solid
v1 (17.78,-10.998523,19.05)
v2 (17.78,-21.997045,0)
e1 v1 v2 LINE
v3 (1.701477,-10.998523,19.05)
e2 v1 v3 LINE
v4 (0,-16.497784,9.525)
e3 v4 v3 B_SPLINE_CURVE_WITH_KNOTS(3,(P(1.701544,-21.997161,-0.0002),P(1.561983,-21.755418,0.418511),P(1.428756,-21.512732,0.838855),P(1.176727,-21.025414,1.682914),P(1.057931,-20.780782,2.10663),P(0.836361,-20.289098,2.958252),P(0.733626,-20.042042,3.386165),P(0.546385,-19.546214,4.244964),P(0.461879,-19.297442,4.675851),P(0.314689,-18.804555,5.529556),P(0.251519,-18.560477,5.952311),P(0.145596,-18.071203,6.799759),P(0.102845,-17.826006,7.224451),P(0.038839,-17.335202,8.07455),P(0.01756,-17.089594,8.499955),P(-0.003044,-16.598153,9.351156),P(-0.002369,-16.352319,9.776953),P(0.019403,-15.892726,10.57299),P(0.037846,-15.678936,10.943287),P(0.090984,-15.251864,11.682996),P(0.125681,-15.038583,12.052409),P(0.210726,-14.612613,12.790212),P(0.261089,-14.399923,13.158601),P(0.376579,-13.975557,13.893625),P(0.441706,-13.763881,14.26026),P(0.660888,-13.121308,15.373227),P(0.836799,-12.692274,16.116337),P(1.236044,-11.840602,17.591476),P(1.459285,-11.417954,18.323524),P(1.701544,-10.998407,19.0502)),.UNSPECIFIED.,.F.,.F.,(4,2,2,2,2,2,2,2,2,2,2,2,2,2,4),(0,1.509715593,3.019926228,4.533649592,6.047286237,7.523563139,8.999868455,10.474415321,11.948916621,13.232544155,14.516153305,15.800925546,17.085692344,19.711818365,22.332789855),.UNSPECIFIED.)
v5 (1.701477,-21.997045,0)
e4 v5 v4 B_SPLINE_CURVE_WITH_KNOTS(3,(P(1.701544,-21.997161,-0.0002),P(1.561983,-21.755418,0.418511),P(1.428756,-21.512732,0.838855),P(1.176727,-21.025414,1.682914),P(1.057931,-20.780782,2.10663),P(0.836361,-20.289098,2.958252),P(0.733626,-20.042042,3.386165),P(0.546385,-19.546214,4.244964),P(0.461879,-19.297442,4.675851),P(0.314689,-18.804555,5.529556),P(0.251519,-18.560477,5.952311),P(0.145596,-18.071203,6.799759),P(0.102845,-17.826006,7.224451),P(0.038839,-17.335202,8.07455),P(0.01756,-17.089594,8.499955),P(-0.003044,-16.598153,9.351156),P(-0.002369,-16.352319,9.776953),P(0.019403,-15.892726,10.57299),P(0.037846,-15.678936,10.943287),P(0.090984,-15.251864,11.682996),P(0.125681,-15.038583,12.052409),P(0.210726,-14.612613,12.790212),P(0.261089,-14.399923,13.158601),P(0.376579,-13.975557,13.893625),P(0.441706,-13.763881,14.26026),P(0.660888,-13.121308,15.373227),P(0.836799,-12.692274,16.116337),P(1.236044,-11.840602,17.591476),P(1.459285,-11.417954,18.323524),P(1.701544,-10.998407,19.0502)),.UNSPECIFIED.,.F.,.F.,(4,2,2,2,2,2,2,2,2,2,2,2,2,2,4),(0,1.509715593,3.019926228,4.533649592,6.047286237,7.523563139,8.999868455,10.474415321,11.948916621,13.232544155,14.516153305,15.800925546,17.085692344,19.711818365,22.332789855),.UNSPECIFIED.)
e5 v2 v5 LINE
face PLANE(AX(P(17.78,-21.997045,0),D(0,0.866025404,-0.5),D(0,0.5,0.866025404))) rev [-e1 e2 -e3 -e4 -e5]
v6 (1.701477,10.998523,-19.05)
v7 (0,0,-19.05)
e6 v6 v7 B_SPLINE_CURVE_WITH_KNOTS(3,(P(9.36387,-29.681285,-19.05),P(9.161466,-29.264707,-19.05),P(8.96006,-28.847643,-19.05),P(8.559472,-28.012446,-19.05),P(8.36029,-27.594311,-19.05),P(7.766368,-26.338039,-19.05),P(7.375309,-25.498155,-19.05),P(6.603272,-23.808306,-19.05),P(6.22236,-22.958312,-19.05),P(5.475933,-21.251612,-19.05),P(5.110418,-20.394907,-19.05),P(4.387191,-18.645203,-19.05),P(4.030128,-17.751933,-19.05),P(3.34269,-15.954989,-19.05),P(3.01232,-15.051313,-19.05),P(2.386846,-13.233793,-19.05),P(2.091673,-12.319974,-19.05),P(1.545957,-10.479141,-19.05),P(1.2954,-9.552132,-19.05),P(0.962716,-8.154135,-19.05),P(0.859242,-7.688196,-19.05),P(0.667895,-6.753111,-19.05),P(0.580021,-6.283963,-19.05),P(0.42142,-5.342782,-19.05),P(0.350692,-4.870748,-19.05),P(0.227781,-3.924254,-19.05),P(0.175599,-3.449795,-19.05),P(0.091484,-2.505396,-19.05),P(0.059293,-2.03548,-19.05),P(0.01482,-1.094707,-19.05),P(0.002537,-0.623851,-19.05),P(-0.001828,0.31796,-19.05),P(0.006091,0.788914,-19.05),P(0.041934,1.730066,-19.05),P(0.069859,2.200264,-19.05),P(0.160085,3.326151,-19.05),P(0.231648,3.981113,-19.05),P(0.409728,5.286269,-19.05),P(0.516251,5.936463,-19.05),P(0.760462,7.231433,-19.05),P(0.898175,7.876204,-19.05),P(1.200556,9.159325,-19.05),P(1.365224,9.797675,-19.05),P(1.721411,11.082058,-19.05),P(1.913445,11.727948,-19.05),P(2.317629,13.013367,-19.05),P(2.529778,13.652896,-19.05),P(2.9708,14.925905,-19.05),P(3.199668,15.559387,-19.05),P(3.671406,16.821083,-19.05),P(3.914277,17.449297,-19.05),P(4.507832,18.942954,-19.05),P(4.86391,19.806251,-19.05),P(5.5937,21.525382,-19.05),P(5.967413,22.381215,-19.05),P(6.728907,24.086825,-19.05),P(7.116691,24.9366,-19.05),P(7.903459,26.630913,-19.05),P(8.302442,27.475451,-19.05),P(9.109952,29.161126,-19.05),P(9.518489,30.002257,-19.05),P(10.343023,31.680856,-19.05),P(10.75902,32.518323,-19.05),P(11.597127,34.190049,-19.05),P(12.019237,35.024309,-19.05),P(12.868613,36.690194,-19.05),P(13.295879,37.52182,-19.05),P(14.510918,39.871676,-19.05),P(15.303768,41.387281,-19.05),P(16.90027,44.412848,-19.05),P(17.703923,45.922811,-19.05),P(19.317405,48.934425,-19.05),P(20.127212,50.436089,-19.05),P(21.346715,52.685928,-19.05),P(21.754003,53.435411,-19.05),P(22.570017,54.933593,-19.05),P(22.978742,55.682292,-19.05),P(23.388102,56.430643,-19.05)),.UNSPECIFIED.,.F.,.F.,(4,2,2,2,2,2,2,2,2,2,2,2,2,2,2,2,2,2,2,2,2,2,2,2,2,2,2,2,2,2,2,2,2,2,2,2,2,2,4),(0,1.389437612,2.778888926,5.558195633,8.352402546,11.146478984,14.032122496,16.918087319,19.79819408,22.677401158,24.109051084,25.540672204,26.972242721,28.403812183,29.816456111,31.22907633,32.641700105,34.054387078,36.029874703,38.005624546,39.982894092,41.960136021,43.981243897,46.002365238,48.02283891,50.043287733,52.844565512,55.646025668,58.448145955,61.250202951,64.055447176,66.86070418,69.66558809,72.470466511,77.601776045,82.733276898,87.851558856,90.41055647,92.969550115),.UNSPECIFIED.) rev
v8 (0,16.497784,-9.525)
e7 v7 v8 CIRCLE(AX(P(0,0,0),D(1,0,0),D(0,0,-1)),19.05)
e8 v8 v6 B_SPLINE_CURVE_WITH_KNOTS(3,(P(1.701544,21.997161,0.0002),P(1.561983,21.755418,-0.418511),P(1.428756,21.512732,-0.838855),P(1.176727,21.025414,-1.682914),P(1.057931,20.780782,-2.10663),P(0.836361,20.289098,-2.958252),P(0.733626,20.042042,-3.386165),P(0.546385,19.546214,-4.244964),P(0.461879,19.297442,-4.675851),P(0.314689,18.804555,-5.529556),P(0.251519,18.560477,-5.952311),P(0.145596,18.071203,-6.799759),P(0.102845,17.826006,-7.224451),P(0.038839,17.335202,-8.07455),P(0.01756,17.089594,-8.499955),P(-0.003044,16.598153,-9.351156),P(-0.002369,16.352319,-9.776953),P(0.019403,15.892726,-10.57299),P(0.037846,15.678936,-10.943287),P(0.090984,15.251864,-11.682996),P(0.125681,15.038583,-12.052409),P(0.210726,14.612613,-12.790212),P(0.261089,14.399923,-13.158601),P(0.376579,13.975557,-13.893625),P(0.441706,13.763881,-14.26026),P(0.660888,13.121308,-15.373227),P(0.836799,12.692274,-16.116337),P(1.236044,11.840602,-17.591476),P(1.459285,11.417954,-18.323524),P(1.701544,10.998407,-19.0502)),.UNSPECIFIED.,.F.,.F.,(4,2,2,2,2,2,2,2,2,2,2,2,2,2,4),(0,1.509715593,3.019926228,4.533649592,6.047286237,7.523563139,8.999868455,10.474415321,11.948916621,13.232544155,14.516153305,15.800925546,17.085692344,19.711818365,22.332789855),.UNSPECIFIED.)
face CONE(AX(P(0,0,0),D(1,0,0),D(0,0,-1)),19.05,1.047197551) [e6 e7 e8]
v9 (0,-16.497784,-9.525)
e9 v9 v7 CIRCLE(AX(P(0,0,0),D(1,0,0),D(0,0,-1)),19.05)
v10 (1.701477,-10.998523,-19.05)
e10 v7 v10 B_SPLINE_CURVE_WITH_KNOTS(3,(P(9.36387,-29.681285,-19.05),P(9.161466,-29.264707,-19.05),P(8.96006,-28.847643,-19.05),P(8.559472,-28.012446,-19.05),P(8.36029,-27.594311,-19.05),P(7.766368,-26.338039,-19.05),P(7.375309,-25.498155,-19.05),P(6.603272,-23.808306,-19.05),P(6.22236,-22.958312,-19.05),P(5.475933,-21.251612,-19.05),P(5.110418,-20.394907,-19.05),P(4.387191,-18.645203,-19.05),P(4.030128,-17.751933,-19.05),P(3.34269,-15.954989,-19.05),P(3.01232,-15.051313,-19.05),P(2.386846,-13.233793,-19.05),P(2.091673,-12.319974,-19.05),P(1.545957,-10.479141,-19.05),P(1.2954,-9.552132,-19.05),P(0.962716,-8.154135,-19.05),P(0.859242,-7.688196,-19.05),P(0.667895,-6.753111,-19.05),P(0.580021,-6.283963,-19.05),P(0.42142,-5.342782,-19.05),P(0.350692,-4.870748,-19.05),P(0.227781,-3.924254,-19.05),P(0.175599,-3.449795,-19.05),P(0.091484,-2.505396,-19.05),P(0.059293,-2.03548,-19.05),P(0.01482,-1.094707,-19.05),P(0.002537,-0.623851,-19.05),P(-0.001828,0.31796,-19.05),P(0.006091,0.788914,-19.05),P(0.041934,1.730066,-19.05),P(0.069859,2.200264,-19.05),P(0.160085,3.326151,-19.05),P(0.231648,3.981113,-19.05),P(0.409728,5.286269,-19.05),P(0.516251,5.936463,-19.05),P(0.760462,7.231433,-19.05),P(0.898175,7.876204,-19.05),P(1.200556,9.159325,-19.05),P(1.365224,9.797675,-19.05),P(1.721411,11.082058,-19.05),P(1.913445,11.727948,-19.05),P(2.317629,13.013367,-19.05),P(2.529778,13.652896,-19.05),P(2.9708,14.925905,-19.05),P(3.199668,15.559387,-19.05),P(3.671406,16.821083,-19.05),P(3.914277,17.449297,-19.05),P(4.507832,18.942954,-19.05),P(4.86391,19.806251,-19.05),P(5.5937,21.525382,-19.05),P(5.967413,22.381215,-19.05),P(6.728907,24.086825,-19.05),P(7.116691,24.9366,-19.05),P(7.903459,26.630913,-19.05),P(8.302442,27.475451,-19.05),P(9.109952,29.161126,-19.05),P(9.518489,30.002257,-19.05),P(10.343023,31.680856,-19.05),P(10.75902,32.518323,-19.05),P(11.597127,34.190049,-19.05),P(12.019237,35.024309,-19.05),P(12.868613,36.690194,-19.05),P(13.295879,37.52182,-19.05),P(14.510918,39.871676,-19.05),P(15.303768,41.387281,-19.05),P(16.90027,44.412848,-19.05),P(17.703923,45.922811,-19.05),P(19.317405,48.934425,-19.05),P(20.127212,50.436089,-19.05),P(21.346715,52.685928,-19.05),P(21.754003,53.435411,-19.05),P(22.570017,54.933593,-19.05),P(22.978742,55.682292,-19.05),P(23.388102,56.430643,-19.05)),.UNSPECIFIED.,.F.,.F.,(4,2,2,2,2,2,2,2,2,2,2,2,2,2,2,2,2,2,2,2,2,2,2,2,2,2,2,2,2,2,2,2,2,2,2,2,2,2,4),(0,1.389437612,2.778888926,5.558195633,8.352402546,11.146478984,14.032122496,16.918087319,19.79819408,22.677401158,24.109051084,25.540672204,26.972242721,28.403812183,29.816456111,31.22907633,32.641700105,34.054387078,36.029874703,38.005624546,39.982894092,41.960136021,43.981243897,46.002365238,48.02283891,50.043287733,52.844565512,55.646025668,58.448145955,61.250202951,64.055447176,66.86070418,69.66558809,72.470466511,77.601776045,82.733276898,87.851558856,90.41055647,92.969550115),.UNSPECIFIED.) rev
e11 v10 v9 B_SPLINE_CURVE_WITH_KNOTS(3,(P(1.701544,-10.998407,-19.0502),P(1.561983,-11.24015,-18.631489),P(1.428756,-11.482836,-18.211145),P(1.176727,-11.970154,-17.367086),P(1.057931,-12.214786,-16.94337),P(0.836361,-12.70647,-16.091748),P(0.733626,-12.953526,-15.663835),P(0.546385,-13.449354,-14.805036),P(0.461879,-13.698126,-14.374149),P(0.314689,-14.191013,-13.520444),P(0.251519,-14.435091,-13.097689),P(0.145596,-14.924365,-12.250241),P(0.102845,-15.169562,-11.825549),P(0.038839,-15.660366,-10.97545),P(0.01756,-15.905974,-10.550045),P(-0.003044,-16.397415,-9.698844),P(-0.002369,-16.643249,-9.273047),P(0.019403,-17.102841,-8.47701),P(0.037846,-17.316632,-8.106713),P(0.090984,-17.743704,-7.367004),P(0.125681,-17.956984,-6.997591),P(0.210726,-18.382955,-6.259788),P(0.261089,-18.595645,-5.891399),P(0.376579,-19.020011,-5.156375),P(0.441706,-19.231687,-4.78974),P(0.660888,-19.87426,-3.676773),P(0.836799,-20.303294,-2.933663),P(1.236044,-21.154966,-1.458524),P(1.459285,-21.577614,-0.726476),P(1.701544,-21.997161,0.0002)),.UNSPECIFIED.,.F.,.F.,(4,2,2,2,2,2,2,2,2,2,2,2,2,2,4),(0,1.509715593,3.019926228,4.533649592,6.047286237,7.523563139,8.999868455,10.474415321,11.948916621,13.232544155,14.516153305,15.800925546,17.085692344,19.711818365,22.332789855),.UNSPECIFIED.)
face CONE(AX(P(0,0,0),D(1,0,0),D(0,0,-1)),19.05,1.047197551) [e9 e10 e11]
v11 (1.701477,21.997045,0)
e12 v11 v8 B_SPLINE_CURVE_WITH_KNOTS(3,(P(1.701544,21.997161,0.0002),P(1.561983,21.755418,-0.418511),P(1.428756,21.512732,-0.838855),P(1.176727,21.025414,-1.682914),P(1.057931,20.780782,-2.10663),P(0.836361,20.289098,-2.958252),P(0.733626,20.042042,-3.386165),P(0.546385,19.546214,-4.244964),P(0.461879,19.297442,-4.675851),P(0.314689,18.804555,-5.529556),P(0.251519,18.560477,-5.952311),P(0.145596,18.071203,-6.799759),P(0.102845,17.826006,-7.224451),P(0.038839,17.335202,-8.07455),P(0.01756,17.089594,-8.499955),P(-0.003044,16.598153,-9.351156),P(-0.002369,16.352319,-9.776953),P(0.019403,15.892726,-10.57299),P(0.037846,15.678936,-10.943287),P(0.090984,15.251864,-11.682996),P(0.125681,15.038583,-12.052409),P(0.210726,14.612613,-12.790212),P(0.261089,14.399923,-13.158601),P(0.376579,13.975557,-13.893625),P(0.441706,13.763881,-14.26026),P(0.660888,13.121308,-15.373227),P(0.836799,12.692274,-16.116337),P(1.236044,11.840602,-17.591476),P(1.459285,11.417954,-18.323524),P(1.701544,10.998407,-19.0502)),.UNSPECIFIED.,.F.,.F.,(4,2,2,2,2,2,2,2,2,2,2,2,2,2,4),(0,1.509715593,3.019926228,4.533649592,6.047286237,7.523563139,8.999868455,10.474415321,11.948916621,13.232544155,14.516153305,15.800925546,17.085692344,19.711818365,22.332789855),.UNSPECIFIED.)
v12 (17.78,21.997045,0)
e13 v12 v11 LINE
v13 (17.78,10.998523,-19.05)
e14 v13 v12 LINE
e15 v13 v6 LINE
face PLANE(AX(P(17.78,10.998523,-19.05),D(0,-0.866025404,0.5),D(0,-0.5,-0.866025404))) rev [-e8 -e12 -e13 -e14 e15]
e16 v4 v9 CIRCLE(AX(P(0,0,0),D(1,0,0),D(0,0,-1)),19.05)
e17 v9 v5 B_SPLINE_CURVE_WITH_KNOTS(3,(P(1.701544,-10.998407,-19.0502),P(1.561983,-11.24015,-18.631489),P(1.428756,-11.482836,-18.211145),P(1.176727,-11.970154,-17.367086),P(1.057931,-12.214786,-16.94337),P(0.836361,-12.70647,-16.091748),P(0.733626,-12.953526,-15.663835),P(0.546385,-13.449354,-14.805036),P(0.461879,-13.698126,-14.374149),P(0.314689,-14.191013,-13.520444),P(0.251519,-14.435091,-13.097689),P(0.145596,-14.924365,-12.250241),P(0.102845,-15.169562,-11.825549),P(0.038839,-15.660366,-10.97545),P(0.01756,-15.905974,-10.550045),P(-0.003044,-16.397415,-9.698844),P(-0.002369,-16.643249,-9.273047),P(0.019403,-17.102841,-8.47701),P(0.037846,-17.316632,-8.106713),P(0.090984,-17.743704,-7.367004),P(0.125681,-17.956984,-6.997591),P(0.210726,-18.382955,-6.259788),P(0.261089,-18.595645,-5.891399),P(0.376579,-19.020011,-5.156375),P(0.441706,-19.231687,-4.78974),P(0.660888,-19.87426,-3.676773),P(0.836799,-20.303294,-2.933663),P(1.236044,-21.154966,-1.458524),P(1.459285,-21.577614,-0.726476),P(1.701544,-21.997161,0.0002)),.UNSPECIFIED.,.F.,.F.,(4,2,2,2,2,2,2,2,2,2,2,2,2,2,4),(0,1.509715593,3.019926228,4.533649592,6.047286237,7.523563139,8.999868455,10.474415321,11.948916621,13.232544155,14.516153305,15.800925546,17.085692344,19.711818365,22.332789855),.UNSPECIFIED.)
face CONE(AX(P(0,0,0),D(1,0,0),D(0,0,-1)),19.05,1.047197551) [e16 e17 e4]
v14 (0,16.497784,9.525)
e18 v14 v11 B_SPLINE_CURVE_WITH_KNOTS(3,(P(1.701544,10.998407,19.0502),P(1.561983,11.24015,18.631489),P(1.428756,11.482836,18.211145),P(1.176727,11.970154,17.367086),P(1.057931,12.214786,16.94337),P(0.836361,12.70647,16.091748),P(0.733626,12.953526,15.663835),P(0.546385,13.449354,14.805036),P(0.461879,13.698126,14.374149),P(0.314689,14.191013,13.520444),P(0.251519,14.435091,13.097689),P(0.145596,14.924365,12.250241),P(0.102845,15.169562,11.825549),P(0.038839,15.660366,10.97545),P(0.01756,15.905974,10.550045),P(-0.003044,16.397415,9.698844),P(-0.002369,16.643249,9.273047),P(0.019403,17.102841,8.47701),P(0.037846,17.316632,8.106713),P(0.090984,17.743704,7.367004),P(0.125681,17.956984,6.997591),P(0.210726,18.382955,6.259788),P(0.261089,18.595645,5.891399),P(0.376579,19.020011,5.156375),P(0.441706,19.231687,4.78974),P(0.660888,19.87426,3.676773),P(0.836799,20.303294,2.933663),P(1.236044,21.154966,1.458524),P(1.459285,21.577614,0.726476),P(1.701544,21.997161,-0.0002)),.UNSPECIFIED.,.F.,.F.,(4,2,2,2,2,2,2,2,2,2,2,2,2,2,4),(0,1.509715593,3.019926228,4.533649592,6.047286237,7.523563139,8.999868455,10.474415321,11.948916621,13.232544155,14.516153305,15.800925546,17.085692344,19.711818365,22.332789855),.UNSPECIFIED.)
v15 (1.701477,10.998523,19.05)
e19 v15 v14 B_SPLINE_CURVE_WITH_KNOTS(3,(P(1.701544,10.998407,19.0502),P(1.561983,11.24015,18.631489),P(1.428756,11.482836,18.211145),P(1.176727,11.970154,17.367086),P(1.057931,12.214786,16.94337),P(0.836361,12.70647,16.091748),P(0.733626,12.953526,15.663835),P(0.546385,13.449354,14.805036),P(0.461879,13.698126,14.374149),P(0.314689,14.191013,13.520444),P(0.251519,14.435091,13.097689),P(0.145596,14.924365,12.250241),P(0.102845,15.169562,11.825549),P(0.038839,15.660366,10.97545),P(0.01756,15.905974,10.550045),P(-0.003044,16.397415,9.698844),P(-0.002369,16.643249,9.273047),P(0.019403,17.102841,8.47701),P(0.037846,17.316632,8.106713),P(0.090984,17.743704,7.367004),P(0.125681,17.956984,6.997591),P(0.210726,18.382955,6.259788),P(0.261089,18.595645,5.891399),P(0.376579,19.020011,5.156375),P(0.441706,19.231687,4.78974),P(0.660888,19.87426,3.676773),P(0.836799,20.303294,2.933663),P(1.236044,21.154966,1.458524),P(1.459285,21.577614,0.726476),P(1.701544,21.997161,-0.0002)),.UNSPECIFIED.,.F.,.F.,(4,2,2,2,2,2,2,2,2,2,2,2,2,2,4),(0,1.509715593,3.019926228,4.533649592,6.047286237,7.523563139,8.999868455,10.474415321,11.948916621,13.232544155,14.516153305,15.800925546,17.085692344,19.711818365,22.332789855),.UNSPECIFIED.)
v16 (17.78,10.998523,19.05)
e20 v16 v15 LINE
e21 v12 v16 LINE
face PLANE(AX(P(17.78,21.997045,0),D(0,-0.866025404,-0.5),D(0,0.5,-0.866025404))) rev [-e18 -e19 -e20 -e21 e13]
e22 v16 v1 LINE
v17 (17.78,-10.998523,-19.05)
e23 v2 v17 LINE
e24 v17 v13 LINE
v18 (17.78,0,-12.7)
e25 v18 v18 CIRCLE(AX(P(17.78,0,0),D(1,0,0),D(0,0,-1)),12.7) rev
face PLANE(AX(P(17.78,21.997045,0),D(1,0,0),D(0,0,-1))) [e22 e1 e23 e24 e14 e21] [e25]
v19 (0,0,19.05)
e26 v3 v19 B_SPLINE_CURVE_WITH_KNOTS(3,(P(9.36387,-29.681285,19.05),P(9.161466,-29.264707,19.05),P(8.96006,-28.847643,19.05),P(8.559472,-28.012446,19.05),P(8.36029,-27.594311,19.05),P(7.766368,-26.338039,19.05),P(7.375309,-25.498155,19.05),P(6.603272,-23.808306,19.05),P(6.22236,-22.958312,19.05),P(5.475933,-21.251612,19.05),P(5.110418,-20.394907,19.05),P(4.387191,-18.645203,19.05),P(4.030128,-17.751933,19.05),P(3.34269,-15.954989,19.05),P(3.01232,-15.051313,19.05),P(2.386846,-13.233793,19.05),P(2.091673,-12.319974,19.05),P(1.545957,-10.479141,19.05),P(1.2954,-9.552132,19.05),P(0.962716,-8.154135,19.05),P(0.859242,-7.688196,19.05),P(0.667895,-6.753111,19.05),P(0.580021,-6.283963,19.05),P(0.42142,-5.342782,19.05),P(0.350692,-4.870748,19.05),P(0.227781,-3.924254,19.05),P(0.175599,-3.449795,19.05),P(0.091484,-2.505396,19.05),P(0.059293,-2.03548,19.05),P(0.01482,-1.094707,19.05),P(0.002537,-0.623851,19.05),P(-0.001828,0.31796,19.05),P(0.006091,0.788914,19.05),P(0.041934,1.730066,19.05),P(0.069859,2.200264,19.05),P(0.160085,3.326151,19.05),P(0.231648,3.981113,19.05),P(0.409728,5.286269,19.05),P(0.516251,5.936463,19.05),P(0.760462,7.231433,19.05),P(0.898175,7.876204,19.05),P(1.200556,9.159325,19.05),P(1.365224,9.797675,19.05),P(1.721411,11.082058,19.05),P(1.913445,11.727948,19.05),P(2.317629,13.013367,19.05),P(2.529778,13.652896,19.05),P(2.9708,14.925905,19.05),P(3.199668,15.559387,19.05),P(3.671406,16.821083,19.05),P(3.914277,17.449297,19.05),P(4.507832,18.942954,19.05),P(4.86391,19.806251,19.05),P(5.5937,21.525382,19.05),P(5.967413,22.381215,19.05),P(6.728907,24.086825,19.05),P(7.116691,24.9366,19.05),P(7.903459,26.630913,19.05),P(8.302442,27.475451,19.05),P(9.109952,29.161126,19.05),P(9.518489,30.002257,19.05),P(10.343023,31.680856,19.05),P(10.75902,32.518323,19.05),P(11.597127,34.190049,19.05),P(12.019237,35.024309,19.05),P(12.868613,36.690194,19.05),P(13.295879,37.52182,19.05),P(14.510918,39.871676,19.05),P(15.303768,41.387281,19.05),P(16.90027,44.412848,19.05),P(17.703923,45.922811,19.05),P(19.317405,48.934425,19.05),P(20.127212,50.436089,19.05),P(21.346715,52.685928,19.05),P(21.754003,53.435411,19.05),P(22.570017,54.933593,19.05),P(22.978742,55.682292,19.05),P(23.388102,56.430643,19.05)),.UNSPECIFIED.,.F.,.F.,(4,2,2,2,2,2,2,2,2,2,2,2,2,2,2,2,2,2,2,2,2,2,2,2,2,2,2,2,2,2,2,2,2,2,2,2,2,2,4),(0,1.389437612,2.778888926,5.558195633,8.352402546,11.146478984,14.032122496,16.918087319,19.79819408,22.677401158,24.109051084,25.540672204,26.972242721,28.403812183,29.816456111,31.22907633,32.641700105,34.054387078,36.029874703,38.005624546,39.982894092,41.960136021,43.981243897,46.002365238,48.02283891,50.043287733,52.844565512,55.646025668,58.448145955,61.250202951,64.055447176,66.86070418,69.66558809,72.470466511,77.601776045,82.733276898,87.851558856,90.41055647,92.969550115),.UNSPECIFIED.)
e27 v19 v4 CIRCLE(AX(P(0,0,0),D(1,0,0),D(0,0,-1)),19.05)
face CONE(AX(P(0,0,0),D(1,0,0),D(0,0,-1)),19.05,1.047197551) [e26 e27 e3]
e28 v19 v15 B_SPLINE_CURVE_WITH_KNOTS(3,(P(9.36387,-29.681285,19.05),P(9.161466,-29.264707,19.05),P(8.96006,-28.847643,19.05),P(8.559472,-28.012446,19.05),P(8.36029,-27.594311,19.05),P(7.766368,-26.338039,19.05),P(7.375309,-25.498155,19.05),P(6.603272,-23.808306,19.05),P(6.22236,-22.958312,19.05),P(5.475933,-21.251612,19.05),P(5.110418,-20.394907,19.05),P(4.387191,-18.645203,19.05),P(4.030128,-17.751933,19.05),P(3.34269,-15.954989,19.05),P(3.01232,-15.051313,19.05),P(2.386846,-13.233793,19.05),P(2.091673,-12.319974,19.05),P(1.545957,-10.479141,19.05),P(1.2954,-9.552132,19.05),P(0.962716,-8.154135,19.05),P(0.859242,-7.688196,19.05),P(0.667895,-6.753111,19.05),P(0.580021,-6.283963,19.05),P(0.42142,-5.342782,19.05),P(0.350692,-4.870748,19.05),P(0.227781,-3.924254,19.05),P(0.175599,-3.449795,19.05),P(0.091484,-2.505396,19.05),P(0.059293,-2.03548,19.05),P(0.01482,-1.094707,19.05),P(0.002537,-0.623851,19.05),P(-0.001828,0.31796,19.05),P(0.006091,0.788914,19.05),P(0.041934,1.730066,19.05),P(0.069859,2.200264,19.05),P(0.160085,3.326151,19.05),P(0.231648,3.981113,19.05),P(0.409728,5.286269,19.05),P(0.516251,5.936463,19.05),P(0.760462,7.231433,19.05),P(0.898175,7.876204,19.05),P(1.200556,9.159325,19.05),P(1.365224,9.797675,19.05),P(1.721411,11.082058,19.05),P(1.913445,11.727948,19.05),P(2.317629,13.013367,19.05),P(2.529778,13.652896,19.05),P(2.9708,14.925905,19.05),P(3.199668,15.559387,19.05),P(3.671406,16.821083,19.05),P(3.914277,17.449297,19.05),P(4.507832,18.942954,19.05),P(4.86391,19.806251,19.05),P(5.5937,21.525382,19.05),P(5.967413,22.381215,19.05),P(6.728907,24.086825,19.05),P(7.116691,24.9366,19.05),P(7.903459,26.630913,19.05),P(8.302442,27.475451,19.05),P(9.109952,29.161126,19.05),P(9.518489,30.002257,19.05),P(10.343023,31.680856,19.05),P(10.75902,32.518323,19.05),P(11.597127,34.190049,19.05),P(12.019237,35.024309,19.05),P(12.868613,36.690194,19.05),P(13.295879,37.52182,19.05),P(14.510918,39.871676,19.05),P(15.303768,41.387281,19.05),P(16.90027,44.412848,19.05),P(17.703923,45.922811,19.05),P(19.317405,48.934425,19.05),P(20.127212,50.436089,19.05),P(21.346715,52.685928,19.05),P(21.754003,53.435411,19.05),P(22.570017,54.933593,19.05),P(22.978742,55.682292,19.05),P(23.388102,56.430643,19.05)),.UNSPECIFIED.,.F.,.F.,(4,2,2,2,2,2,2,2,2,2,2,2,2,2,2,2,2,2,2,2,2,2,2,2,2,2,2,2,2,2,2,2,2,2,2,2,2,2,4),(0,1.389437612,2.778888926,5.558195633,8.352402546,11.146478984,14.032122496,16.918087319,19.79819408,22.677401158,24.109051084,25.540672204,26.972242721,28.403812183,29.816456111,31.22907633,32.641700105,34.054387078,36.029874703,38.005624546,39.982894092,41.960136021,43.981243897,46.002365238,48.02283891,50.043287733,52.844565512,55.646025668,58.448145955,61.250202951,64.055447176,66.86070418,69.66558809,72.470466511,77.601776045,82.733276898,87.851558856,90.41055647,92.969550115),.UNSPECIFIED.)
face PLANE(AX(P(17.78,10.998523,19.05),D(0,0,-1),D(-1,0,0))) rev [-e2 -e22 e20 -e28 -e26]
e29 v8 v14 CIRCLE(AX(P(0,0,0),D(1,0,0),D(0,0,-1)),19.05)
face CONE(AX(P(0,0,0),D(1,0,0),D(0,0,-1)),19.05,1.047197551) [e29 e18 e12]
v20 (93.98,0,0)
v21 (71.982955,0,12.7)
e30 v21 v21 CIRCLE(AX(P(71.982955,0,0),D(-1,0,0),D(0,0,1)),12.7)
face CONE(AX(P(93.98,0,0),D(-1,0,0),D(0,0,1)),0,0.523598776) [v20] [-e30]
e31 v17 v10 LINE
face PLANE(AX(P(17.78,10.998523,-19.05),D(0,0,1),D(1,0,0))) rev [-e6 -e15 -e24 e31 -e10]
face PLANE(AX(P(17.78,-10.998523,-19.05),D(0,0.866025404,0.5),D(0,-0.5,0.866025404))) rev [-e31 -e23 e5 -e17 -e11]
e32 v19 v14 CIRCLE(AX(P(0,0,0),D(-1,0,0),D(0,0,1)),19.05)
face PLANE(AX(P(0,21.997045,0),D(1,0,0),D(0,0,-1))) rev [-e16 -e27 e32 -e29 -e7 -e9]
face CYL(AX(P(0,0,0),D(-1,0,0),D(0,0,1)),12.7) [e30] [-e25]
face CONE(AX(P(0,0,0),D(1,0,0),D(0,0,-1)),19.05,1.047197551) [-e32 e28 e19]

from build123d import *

# Parameters (mm, degrees)
BASEHEAD_DEPTH = 17.78


with BuildPart() as part:
    # Sketch1 → BaseHead (new body)
    with BuildSketch(Plane(origin=(0, 0, 0), x_dir=(0, 0, -1), z_dir=(1, 0, 0))):
        Polygon((19.05, 10.998522628), (19.05, -10.998522628), (0, -21.997045256), (-19.05, -10.998522628), (-19.05, 10.998522628), (0, 21.997045256), align=None)
    extrude(amount=BASEHEAD_DEPTH)

    # Sketch2 → BaseBody (revolve)
    with BuildSketch(Plane.XY, mode=Mode.PRIVATE) as basebody_sk:
        Polygon((0, 0), (93.98, 0), (71.982954744, 12.7), (0, 12.7), align=None)
    revolve(basebody_sk.sketch.rotate(Axis((0, 0, 0), (1, 0, 0)), 90), axis=Axis((0, 0, 0), (1, 0, 0)))

    # Sketch3 → HeadChamfer (revolve, cut)
    with BuildSketch(Plane.XY):
        Polygon((0, 19.05), (5.367651581, 28.347045256), (5.367651581, 34.697045256), (-12.7, 34.697045256), (-12.7, 19.05), align=None)
    revolve(axis=Axis((0, 0, 0), (1, 0, 0)), mode=Mode.SUBTRACT)


solid = part.part
